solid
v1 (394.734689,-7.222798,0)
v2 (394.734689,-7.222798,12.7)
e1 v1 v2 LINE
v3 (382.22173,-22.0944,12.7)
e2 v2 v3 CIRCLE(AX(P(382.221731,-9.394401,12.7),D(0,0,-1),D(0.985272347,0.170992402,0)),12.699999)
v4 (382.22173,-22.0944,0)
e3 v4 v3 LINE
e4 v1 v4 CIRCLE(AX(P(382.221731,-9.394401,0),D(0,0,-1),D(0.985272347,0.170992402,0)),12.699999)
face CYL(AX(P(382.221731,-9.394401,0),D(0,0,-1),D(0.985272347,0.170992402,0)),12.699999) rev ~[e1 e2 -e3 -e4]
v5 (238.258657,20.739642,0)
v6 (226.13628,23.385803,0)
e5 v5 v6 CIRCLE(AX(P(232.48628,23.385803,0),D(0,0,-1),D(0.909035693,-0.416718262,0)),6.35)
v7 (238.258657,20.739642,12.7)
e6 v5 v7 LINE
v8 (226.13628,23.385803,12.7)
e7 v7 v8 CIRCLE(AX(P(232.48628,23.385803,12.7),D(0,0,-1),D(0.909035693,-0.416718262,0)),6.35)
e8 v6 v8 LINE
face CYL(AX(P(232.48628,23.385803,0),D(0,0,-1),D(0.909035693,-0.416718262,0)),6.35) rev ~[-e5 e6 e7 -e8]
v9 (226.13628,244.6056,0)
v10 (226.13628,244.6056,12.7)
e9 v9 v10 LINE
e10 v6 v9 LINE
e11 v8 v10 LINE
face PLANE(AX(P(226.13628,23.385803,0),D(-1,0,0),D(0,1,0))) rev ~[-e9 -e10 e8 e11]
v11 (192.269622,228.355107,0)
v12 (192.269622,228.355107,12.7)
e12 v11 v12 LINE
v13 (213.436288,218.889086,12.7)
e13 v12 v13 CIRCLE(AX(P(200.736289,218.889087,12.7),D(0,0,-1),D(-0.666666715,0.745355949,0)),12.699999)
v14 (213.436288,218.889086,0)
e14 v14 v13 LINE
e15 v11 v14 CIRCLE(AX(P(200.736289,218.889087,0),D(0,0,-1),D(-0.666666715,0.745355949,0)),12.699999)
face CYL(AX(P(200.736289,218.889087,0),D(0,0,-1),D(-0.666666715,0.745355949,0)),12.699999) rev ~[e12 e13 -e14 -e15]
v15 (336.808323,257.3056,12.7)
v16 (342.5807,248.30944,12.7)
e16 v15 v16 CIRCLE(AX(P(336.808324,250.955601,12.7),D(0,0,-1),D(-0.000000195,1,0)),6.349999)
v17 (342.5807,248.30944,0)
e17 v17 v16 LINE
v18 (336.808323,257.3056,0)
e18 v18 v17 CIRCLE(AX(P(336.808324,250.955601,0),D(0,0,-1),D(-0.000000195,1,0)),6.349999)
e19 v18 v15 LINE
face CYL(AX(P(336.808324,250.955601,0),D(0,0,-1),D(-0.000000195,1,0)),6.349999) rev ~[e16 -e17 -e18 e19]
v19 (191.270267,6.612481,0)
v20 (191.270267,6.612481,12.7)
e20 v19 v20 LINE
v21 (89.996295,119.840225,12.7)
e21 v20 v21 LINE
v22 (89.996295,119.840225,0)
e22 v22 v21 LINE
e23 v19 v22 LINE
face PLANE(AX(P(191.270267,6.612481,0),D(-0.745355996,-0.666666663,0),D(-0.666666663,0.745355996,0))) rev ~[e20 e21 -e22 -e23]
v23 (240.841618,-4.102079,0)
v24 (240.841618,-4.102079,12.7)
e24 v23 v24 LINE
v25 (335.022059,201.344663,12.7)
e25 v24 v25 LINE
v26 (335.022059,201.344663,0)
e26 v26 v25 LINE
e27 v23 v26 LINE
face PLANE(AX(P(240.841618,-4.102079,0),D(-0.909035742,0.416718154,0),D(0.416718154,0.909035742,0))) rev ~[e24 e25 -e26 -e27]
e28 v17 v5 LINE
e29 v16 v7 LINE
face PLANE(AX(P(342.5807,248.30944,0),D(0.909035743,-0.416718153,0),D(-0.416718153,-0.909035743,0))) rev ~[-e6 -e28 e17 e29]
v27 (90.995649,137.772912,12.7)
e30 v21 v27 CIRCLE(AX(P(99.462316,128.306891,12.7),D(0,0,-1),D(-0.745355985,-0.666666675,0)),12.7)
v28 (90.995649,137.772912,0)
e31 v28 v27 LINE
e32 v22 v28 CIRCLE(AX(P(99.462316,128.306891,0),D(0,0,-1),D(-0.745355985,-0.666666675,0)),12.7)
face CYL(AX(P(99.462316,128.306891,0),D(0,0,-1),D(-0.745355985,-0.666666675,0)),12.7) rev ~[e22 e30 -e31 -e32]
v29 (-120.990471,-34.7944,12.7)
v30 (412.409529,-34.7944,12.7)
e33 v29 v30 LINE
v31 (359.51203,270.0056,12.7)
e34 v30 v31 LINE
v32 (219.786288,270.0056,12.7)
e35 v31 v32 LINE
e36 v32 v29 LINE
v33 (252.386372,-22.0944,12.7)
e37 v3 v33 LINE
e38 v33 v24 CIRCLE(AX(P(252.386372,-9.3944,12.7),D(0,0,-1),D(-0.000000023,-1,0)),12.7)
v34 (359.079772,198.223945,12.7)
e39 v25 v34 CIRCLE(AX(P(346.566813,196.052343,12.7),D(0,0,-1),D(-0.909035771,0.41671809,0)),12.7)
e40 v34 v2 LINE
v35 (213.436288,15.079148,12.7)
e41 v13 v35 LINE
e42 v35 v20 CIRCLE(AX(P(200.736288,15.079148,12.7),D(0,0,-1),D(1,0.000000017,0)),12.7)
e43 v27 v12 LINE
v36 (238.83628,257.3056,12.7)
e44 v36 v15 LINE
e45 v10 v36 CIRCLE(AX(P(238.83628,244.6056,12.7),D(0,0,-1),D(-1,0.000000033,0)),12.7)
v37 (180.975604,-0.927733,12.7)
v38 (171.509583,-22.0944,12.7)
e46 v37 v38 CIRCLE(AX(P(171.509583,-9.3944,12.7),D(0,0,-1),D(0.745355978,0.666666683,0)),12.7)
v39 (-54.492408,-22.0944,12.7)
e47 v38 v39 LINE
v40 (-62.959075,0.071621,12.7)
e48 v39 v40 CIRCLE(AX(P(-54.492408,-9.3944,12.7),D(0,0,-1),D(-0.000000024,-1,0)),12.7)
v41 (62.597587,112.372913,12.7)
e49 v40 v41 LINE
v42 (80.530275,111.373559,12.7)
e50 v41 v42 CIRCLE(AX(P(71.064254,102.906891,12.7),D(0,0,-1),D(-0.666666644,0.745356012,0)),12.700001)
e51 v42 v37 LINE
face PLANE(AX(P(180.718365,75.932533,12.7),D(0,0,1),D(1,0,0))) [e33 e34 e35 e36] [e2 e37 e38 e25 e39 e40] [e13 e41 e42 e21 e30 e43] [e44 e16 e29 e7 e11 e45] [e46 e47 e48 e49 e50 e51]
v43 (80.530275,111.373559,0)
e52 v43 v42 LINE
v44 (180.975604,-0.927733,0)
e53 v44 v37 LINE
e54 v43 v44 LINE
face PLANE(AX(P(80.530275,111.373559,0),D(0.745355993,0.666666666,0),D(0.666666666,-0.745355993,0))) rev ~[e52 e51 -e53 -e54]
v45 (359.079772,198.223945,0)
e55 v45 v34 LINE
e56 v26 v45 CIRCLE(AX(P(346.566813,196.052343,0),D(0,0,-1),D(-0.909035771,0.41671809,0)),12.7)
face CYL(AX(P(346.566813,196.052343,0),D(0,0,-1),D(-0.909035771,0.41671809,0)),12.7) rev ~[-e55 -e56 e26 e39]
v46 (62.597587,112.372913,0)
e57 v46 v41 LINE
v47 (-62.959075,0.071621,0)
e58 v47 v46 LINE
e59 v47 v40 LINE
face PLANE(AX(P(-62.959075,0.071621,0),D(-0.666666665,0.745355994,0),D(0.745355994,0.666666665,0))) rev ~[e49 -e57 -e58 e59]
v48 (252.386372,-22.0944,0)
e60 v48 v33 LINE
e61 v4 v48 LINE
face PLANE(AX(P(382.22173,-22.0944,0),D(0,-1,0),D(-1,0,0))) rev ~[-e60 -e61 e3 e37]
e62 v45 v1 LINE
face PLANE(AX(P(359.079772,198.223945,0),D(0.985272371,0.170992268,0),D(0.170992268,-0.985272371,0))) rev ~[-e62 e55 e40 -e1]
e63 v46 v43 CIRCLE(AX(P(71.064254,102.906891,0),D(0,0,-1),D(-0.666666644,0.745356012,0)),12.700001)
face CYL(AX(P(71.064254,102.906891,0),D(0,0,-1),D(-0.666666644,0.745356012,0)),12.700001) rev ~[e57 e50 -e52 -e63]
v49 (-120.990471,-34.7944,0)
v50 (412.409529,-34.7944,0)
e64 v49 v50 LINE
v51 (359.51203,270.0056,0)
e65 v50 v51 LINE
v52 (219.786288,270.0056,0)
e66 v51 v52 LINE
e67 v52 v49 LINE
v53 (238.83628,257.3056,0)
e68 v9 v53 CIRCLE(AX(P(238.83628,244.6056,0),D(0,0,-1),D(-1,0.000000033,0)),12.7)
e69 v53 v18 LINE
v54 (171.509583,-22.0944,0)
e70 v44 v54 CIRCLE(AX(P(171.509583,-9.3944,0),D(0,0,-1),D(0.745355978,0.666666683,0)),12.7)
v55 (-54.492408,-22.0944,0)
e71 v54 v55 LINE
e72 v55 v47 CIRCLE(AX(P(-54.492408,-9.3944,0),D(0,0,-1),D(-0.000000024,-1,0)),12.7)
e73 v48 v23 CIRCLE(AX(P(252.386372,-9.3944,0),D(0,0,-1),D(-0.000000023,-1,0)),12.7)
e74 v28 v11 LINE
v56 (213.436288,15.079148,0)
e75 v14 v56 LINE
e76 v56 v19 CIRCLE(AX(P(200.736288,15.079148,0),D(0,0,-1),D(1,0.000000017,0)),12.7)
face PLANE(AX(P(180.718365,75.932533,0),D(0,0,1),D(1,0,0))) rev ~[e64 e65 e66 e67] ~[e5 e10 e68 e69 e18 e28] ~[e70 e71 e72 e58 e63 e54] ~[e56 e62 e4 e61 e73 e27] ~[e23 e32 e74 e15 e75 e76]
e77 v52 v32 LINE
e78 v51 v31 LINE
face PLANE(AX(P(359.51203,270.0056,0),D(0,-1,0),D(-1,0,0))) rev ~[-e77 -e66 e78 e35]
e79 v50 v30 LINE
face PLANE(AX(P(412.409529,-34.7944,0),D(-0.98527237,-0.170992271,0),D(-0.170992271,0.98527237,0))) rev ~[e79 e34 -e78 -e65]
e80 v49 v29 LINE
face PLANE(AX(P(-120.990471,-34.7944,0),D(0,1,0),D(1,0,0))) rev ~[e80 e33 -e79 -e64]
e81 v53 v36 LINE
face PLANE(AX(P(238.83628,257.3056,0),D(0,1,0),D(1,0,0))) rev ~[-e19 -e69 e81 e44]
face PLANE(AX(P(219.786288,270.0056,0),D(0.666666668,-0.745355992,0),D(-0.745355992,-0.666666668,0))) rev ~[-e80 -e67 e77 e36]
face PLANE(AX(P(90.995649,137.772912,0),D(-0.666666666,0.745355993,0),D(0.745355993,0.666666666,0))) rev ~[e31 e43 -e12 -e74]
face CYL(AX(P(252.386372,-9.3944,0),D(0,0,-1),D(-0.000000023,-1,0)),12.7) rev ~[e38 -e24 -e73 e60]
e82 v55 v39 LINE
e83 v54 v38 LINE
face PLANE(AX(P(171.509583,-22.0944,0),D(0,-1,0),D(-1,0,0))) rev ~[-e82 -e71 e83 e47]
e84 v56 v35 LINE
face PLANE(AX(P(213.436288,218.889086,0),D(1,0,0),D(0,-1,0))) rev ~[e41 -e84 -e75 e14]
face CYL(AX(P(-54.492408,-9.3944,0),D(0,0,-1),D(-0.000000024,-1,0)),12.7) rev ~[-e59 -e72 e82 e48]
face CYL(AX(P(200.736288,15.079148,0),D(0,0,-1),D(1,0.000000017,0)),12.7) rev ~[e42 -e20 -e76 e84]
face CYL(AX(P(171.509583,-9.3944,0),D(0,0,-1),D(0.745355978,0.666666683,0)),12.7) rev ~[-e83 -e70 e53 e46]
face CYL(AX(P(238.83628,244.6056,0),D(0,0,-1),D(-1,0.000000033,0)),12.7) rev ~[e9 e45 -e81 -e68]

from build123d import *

# Parameters (mm, degrees)
F1_DEPTH = 12.7


with BuildPart() as f1:
    # F0 (on Top) → F1 (new body)
    with BuildSketch(Plane.XY):
        Polygon((219.786288, 270.0056), (-120.990471, -34.7944), (412.409529, -34.7944), (359.51203, 270.0056), align=None)
        with BuildLine():
            ThreePointArc((-54.492408, -22.0944), (-66.356397, -13.92604), (-62.959075, 0.071621))
            Line((-62.959075, 0.071621), (62.597587, 112.372913))
            ThreePointArc((62.597587, 112.372913), (71.770904, 115.587217), (80.530275, 111.373559))
            Line((80.530275, 111.373559), (180.975604, -0.927733))
            ThreePointArc((180.975604, -0.927733), (183.103044, -14.579153), (171.509583, -22.0944))
            Line((171.509583, -22.0944), (-54.492408, -22.0944))
        make_face(mode=Mode.SUBTRACT)
        with BuildLine():
            ThreePointArc((213.436288, 15.079148), (205.267929, 3.215159), (191.270267, 6.612481))
            Line((191.270267, 6.612481), (89.996295, 119.840225))
            ThreePointArc((89.996295, 119.840225), (86.781991, 129.013542), (90.995649, 137.772912))
            Line((90.995649, 137.772912), (192.269622, 228.355107))
            ThreePointArc((192.269622, 228.355107), (205.921042, 230.482547), (213.436288, 218.889086))
            Line((213.436288, 218.889086), (213.436288, 15.079148))
        make_face(mode=Mode.SUBTRACT)
        with BuildLine():
            ThreePointArc((335.022059, 201.344663), (348.200544, 208.646823), (359.079772, 198.223945))
            Line((359.079772, 198.223945), (394.734689, -7.222798))
            ThreePointArc((394.734689, -7.222798), (391.939481, -17.570911), (382.22173, -22.0944))
            Line((382.22173, -22.0944), (252.386372, -22.0944))
            ThreePointArc((252.386372, -22.0944), (241.697535, -16.252881), (240.841618, -4.102079))
            Line((240.841618, -4.102079), (335.022059, 201.344663))
        make_face(mode=Mode.SUBTRACT)
        with BuildLine():
            ThreePointArc((226.13628, 244.6056), (229.856024, 253.585856), (238.83628, 257.3056))
            Line((238.83628, 257.3056), (336.808323, 257.3056))
            ThreePointArc((336.808323, 257.3056), (342.152742, 254.384841), (342.5807, 248.30944))
            Line((342.5807, 248.30944), (238.258657, 20.739642))
            ThreePointArc((238.258657, 20.739642), (231.132045, 17.181889), (226.13628, 23.385803))
            Line((226.13628, 23.385803), (226.13628, 244.6056))
        make_face(mode=Mode.SUBTRACT)
    extrude(amount=F1_DEPTH)


solid = f1.part
